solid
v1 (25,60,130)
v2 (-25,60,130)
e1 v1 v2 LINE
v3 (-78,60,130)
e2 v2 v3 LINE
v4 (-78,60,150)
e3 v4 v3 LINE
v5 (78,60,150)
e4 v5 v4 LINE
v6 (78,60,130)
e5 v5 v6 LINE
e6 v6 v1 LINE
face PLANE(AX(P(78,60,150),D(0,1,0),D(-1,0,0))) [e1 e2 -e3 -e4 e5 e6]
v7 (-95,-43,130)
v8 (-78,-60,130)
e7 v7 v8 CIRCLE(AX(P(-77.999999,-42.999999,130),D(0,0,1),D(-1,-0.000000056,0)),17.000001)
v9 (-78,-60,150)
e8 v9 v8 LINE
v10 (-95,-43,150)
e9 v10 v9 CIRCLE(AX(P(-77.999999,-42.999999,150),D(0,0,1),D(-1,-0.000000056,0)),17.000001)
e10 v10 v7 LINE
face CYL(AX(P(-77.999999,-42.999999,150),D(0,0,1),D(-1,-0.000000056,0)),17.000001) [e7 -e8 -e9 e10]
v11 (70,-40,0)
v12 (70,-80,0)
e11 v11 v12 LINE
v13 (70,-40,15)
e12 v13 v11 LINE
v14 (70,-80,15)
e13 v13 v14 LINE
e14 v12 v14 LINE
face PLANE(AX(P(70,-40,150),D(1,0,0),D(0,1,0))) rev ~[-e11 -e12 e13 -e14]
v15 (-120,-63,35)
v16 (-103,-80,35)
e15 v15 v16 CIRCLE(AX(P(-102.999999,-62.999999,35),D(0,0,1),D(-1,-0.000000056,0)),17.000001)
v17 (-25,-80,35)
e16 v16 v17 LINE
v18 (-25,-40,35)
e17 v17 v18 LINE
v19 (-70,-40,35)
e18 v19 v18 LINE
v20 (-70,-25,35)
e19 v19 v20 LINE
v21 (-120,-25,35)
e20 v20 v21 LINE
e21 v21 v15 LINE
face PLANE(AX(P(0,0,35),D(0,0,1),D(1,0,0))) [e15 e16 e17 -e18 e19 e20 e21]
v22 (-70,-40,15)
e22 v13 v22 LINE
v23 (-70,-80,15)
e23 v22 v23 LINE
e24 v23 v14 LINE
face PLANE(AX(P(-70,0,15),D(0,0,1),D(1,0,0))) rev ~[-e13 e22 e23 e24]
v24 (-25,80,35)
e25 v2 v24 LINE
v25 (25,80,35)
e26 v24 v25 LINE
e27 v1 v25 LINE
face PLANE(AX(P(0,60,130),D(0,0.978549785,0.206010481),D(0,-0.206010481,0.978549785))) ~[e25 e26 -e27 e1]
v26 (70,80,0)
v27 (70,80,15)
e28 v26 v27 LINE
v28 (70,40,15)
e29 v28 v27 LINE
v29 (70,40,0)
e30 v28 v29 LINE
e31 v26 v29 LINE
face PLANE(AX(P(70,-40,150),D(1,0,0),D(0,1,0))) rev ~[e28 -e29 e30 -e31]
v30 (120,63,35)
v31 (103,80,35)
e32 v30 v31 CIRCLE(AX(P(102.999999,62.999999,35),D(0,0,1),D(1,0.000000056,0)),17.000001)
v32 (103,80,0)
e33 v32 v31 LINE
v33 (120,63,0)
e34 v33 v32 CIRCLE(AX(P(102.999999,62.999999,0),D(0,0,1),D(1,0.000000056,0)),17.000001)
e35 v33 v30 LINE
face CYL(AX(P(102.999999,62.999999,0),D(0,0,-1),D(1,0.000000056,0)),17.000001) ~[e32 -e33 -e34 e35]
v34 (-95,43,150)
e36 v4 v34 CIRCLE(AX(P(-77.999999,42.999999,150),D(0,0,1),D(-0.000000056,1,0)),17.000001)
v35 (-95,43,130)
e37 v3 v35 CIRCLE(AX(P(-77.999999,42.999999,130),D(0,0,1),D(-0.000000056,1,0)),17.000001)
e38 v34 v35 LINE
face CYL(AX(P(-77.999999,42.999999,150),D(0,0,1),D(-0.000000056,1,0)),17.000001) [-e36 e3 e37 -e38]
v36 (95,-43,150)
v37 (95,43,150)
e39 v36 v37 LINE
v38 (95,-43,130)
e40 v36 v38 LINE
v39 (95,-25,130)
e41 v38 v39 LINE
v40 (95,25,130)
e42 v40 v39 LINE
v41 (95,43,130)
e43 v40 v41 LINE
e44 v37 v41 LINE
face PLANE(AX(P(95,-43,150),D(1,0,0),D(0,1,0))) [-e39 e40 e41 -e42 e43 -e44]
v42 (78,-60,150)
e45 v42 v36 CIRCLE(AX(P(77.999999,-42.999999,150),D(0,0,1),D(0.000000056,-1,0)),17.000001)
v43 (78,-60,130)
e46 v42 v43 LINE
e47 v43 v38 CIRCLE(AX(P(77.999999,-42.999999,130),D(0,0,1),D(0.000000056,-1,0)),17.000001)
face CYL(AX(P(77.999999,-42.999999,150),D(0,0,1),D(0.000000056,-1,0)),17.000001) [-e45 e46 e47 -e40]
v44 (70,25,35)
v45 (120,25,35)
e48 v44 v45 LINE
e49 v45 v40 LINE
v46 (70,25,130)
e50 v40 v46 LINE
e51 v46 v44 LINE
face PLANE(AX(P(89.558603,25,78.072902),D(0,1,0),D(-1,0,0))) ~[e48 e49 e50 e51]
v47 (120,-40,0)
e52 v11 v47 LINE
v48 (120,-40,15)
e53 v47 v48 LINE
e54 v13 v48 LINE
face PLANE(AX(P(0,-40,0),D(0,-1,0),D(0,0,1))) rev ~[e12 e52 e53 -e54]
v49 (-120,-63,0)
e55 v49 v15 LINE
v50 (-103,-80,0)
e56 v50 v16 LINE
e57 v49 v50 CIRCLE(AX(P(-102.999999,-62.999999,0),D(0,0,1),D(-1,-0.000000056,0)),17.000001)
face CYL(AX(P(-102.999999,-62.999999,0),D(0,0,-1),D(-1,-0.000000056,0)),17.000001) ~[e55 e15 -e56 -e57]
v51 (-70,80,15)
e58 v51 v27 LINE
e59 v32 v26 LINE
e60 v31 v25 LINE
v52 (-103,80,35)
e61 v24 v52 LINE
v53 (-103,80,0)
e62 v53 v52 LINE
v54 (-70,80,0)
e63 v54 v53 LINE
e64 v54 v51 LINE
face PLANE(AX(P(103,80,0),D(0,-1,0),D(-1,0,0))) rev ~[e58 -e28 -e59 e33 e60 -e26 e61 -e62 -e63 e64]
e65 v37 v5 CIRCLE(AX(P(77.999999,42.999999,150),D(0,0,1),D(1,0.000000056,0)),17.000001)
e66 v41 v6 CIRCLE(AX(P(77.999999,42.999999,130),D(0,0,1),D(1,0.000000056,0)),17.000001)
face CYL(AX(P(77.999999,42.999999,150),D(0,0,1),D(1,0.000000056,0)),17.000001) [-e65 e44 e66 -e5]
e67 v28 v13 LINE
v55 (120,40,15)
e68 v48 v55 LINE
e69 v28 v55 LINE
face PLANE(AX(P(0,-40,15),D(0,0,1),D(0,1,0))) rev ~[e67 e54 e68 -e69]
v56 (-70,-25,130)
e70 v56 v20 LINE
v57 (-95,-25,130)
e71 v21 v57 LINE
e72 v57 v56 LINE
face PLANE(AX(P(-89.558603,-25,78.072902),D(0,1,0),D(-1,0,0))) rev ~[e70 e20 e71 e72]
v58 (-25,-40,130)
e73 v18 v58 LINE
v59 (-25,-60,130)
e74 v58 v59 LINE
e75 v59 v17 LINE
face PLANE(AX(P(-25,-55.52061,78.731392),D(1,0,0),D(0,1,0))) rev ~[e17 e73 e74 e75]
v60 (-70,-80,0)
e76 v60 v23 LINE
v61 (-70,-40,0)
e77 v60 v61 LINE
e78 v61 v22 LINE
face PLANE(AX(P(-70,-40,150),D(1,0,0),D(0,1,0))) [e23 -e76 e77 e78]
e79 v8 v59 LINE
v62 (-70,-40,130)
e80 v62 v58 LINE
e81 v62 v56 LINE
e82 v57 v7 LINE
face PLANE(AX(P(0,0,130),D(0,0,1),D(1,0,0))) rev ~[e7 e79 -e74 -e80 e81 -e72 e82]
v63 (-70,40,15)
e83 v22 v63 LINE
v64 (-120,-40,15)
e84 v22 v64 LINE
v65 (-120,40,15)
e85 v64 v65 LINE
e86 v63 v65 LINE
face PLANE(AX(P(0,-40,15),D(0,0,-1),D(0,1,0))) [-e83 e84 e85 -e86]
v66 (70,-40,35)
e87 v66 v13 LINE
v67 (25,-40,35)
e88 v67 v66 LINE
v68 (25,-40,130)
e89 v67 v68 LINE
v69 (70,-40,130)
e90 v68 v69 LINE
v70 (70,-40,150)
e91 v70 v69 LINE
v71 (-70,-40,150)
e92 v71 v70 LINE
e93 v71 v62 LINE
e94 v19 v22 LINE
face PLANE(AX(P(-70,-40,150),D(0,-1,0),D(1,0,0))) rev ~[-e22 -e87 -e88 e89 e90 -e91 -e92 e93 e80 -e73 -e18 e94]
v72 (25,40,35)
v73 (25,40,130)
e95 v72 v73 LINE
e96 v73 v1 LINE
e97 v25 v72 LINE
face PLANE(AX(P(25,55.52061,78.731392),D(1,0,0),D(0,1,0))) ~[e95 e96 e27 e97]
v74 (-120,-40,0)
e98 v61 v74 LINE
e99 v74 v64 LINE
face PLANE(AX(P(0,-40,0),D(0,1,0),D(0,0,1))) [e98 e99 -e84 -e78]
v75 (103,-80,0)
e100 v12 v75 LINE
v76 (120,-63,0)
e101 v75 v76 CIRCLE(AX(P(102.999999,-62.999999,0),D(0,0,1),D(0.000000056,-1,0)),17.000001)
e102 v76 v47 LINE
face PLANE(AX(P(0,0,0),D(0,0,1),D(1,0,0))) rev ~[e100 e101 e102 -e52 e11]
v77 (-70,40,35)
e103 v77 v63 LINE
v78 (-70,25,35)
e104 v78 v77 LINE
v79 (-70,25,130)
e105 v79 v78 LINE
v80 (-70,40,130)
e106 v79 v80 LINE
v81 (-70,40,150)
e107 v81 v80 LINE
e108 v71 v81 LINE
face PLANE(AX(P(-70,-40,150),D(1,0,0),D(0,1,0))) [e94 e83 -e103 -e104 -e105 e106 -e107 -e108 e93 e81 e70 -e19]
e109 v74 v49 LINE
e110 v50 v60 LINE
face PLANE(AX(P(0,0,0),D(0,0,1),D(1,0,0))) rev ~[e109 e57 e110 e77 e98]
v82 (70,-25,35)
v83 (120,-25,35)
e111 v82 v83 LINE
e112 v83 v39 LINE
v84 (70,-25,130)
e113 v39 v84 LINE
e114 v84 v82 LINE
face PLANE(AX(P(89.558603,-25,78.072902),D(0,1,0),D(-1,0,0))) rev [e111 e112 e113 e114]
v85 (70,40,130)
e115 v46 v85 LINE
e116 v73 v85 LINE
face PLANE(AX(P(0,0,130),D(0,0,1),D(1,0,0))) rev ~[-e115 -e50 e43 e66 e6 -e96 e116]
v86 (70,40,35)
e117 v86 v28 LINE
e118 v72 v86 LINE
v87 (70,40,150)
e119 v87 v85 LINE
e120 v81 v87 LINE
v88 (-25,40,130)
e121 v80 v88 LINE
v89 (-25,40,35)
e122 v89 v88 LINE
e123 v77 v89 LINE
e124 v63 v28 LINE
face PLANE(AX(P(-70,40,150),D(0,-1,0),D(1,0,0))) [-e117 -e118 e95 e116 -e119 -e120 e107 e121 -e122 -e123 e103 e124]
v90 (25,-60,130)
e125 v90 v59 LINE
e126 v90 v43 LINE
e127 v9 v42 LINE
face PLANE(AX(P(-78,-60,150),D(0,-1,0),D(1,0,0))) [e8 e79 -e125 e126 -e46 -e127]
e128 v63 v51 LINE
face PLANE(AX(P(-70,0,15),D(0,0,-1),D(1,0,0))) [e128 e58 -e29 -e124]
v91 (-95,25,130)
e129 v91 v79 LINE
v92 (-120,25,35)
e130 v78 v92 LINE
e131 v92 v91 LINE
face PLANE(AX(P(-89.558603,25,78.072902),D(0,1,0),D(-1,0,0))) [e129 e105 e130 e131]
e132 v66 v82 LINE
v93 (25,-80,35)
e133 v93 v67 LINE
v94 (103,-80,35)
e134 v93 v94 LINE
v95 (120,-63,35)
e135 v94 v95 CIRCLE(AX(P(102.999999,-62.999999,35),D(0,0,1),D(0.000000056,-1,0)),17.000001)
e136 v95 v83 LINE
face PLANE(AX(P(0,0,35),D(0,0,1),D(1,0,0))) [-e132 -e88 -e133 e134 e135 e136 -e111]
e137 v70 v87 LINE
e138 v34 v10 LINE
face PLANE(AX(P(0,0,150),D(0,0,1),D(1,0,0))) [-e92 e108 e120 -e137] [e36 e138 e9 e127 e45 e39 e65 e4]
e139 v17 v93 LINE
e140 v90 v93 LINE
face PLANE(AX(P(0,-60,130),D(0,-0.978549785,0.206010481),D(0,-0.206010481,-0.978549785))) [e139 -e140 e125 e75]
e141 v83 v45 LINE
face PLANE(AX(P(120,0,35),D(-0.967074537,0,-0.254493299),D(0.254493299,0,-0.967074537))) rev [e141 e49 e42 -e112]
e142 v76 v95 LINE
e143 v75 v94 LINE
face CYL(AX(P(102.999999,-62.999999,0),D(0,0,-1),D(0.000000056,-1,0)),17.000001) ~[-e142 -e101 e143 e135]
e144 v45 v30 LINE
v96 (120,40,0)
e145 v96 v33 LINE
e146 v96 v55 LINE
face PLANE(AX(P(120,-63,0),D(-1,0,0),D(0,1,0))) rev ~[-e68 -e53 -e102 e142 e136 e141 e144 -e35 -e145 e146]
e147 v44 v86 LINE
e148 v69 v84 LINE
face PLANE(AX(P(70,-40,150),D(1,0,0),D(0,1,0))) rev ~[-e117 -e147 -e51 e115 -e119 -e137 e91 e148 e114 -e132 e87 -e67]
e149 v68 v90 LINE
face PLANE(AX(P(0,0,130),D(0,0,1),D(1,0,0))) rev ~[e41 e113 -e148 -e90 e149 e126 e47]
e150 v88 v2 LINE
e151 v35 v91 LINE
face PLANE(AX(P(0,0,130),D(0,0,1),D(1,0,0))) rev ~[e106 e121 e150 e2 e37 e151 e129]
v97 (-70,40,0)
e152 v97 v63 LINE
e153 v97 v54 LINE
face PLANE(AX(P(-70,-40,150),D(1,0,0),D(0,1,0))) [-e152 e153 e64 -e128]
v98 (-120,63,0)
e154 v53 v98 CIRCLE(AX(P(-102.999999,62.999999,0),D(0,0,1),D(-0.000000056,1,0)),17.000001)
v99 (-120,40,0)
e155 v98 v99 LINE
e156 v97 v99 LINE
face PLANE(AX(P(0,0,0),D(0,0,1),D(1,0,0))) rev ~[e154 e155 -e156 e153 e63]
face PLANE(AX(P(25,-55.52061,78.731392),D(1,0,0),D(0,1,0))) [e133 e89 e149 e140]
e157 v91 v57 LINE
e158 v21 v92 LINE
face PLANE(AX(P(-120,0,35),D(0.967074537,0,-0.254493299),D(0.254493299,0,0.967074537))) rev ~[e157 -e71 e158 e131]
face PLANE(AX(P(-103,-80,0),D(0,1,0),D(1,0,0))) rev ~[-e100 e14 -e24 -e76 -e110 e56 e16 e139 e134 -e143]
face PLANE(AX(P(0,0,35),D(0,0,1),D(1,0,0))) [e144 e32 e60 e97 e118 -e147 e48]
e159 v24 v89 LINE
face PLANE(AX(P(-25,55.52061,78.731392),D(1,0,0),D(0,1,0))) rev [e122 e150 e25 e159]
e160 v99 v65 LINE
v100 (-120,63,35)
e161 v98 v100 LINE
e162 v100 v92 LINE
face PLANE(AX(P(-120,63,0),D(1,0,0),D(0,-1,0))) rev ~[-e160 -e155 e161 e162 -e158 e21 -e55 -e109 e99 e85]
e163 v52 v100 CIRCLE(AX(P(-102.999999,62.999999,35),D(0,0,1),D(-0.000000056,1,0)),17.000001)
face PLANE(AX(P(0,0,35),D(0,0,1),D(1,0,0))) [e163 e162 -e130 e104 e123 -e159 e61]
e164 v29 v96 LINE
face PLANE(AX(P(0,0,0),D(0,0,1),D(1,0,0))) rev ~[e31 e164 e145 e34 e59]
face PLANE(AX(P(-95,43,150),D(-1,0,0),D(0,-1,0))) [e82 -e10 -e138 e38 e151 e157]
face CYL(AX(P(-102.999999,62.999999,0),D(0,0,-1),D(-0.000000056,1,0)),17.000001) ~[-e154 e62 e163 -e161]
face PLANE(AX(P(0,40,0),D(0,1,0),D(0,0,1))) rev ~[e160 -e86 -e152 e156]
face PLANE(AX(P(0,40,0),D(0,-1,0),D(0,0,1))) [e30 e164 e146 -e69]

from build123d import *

# Parameters (mm, degrees)
PAD_DEPTH            = 35
PAD001_DEPTH         = 20
SKETCH002_W          = 140
SKETCH002_H          = 80
POCKET_DEPTH         = 150.001
PAD002_DEPTH         = 25
PAD003_DEPTH         = 25
SKETCH006_W          = 140
SKETCH006_H          = 15
POCKET001_DEPTH      = 80.001
POCKET001_DEPTH_BACK = -80.001
SKETCH007_W          = 80
SKETCH007_H          = 15
POCKET002_DEPTH      = 120.001
POCKET002_DEPTH_BACK = -120.001


with BuildPart() as part:
    # Sketch (on XY_Plane of Origin) → Pad (new body)
    with BuildSketch(Plane.XY):
        with BuildLine():
            Line((-120, 63), (-120, -63))
            ThreePointArc((-120, -63), (-115.020815, -75.020815), (-103, -80))
            Line((-103, -80), (103, -80))
            ThreePointArc((103, -80), (115.020815, -75.020815), (120, -63))
            Line((120, -63), (120, 63))
            ThreePointArc((120, 63), (115.020815, 75.020815), (103, 80))
            Line((103, 80), (-103, 80))
            ThreePointArc((-103, 80), (-115.020815, 75.020815), (-120, 63))
        make_face()
    extrude(amount=PAD_DEPTH)

    # Sketch001 (on XY_Plane of Origin) → Pad001 (join)
    with BuildSketch(Plane.XY.offset(150)):
        with BuildLine():
            Line((-95, 43), (-95, -43))
            ThreePointArc((-95, -43), (-90.020815, -55.020815), (-78, -60))
            Line((-78, -60), (78, -60))
            ThreePointArc((78, -60), (90.020815, -55.020815), (95, -43))
            Line((95, -43), (95, 43))
            ThreePointArc((95, 43), (90.020815, 55.020815), (78, 60))
            Line((78, 60), (-78, 60))
            ThreePointArc((-78, 60), (-90.020815, 55.020815), (-95, 43))
        make_face()
    extrude(amount=-PAD001_DEPTH)

    # Sketch002 (on Face19 of Pad001) → Pocket (cut, through all)
    with BuildSketch(Plane.XY.offset(150)):
        Rectangle(SKETCH002_W, SKETCH002_H)
    extrude(amount=-POCKET_DEPTH, mode=Mode.SUBTRACT)

    # Sketch003 (on YZ_Plane of Origin) → Pad002 (join, symmetric)
    with BuildSketch(Plane.YZ):
        Polygon((-60, 130), (-80, 35), (-40, 35), (-40, 130), align=None)
    pad002 = extrude(amount=PAD002_DEPTH, both=True)

    # Mirrored: Pad002 across Sketch003 V_Axis
    add(pad002.mirror(Plane(origin=(0, 0, 0), x_dir=(1, 0, 0), z_dir=(0, 1, 0))))

    # Sketch005 (on XZ_Plane of Origin) → Pad003 (join, symmetric)
    with BuildSketch(Plane.XZ):
        Polygon((-70, 130), (-70, 35), (-120, 35), (-95, 130), align=None)
    pad003 = extrude(amount=PAD003_DEPTH, both=True)

    # Mirrored001: Pad003 across Sketch005 V_Axis
    add(pad003.mirror(Plane(origin=(0, 0, 0), x_dir=(0, -1, 0), z_dir=(1, 0, 0))))

    # Sketch006 (on XZ_Plane of Origin) → Pocket001 (cut, two sides)
    with BuildSketch(Plane.XZ) as pocket001_sk:
        with Locations((0, 7.5)):
            Rectangle(SKETCH006_W, SKETCH006_H)
    extrude(amount=-POCKET001_DEPTH, mode=Mode.SUBTRACT)
    extrude(pocket001_sk.sketch, amount=-POCKET001_DEPTH_BACK, mode=Mode.SUBTRACT)

    # Sketch007 (on YZ_Plane of Origin) → Pocket002 (cut, two sides)
    with BuildSketch(Plane.YZ) as pocket002_sk:
        with Locations((0, 7.5)):
            Rectangle(SKETCH007_W, SKETCH007_H)
    extrude(amount=-POCKET002_DEPTH, mode=Mode.SUBTRACT)
    extrude(pocket002_sk.sketch, amount=-POCKET002_DEPTH_BACK, mode=Mode.SUBTRACT)


solid = part.part
